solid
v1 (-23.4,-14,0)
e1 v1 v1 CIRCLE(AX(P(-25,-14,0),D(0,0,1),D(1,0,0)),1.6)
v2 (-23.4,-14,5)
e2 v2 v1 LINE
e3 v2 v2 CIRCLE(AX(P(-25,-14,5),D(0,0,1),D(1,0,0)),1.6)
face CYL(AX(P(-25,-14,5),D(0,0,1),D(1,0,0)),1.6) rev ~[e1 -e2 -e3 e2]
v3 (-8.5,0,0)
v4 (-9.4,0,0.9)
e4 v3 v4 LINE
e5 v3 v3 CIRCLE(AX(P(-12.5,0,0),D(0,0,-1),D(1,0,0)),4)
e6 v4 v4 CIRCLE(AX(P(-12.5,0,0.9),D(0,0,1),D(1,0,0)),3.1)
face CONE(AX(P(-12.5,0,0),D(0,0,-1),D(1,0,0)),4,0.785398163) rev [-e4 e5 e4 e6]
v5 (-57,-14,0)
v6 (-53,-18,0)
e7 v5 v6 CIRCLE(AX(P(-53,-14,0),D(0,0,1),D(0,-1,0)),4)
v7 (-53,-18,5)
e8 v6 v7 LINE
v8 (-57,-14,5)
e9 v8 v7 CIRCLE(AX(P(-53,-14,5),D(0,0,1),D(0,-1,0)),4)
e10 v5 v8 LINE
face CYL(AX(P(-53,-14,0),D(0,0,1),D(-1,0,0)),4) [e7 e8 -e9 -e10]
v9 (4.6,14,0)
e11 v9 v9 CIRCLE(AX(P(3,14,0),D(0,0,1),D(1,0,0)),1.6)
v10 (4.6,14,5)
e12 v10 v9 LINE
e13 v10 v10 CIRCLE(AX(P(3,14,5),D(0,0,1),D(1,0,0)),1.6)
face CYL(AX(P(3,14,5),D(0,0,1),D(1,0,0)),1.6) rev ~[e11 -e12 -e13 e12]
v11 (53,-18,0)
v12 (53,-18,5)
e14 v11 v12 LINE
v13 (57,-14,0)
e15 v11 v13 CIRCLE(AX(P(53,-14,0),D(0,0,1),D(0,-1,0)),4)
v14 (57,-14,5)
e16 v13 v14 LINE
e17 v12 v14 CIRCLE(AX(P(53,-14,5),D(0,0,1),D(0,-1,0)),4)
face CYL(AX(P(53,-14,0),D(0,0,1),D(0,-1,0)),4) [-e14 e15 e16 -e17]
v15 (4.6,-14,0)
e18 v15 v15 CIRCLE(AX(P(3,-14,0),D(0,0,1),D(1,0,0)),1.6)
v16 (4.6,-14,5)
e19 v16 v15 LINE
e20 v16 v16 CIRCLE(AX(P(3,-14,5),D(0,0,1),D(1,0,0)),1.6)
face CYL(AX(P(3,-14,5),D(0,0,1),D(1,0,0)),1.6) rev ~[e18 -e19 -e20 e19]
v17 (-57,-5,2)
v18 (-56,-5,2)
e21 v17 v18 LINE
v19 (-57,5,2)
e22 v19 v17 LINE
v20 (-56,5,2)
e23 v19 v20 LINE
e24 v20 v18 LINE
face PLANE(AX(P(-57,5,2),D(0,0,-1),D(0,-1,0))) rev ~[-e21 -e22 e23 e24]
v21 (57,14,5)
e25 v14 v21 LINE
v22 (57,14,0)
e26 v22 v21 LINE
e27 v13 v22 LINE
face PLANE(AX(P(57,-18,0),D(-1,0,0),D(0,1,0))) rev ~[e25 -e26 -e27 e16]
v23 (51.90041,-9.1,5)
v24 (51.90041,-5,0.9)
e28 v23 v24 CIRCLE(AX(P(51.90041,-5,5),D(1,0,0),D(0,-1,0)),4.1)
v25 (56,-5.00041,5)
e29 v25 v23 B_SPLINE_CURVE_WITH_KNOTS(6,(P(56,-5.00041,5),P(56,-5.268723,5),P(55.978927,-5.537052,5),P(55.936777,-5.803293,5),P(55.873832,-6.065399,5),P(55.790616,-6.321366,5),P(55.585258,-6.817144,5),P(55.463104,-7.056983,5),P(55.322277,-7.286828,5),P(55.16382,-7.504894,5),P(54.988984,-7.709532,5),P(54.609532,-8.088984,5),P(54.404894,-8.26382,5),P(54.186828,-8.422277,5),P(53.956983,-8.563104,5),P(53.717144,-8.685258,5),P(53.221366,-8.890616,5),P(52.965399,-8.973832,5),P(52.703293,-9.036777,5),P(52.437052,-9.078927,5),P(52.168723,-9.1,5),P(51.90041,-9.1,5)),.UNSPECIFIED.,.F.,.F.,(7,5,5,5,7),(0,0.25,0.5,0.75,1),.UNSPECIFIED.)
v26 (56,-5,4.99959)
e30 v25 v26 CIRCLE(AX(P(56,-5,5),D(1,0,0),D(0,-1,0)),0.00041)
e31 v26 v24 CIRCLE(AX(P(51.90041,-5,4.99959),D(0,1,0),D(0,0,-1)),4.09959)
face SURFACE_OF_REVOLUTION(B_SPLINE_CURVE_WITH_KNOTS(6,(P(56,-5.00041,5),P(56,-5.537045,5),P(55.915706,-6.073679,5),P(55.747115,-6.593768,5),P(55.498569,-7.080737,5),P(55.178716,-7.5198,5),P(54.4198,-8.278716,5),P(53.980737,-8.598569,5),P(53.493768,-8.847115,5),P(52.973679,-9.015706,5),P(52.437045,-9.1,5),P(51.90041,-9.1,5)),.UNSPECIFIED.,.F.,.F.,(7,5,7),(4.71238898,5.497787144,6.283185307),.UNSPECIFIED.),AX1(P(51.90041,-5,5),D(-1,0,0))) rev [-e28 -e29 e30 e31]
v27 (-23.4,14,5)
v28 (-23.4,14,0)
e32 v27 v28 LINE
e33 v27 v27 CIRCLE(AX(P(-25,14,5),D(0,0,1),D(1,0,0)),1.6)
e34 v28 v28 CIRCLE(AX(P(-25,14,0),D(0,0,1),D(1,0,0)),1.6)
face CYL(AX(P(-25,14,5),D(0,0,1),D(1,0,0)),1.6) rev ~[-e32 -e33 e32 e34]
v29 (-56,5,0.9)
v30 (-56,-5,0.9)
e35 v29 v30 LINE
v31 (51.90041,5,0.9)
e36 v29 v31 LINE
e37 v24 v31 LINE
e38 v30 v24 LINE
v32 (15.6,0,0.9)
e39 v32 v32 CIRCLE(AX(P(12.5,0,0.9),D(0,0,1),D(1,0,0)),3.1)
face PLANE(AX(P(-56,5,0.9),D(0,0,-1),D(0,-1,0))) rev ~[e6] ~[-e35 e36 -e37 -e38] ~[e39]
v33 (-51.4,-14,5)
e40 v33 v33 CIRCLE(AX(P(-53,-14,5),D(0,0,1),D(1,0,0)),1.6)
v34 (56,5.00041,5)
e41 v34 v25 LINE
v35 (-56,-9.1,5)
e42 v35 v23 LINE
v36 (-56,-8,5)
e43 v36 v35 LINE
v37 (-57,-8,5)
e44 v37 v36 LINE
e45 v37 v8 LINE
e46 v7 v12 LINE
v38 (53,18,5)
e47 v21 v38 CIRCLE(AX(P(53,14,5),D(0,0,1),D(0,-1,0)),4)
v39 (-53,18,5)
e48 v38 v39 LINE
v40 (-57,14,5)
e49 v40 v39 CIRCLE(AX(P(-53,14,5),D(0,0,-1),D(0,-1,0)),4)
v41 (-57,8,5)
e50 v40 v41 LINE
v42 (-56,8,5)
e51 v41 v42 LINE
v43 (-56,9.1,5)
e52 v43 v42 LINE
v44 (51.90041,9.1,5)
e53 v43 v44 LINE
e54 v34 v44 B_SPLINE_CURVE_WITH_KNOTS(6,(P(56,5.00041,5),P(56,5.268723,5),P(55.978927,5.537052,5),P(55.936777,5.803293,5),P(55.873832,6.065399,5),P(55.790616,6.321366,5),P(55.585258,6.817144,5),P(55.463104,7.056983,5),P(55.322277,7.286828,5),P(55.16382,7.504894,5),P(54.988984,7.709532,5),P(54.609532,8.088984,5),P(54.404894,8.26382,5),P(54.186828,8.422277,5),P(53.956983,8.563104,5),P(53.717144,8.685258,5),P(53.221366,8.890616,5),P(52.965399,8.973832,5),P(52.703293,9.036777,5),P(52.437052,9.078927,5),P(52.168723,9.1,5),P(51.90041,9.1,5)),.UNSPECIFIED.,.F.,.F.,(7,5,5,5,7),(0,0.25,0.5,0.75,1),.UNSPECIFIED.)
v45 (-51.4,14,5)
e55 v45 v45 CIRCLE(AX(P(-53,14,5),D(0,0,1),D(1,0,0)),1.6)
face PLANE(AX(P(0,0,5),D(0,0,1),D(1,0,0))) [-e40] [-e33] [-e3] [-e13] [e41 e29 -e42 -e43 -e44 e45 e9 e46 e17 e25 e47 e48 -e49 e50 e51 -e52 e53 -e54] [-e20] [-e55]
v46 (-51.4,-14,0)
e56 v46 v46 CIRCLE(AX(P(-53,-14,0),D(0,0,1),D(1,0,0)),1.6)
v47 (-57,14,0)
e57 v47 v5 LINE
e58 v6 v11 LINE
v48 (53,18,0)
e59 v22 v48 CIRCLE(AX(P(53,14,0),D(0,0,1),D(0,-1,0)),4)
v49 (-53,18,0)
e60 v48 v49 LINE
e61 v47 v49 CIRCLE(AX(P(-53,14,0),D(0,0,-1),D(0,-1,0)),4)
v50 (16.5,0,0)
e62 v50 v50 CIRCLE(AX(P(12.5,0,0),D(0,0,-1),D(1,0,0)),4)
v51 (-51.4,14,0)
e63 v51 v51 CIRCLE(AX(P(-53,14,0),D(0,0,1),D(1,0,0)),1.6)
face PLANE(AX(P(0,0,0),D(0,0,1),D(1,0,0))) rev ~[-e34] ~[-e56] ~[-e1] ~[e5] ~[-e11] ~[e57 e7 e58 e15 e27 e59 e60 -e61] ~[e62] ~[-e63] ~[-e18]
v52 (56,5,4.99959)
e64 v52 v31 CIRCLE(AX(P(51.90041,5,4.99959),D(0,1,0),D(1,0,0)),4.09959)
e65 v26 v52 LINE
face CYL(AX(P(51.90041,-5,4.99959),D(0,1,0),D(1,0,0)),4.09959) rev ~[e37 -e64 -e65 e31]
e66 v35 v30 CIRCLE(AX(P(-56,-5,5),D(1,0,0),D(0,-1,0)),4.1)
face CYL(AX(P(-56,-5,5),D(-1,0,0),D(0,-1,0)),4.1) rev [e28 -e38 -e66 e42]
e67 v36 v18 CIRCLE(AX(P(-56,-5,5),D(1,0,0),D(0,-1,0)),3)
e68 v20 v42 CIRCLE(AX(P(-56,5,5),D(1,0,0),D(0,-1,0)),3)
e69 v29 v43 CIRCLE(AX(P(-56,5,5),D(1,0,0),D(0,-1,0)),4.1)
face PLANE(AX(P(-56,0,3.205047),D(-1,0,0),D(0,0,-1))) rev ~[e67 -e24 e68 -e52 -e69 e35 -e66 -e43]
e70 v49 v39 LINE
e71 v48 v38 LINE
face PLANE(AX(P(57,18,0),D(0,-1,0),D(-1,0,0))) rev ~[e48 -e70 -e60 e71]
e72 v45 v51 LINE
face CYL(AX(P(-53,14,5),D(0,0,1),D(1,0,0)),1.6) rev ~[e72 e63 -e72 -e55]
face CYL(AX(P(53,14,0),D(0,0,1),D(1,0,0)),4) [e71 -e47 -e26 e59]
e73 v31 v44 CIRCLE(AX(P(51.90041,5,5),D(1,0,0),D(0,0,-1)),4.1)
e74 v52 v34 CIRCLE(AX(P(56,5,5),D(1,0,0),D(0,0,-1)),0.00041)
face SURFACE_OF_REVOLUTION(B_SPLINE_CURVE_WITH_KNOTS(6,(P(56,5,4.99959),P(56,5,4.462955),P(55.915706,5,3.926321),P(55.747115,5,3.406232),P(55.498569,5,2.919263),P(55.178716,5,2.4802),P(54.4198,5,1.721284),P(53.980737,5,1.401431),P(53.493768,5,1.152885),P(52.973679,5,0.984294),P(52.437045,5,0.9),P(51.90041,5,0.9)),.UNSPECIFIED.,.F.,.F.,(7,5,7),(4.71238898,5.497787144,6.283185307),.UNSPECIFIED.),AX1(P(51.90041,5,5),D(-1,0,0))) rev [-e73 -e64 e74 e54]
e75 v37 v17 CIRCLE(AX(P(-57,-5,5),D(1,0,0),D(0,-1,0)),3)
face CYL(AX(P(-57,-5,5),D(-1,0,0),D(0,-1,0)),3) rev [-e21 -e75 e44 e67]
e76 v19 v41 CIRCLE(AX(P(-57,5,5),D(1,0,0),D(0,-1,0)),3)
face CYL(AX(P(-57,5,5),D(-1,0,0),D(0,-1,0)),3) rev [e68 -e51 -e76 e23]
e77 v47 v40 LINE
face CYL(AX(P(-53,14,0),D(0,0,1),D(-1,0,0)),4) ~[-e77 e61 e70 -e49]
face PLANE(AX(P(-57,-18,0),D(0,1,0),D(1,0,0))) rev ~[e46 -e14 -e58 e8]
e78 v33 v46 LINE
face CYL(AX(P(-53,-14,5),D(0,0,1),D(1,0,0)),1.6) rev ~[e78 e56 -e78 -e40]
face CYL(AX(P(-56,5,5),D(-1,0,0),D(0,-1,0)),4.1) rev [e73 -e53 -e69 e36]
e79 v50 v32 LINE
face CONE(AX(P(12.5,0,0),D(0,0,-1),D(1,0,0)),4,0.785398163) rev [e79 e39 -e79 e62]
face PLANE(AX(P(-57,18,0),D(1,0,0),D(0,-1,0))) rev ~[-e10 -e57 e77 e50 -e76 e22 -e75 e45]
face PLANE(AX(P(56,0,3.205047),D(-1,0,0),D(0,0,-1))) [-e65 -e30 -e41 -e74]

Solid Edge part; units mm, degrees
sketch "Sketch1" plane through (0, 0, 0) normal (0, 0, 1) x (1, 0, 0)
  line L0 (57, -18) -> (57, 18)
  line L1 (57, 18) -> (-57, 18)
  line L2 (-57, 18) -> (-57, -18)
  line L3 (-57, -18) -> (57, -18)
extrude "Protrusion1" add sketch "Sketch1" along normal blind 5
sketch "Sketch2" plane through (-57, 0, 2.5) normal (-1, 0, 0) x (0, -1, 0)
  line L0 (-5, -0.5) -> (5, -0.5)
  line L1 (-8, 2.5) -> (8, 2.5)
  arc A0 (8, 2.5) -> (5, -0.5) centre (5, 2.5) cw
  arc A1 (-5, -0.5) -> (-8, 2.5) centre (-5, 2.5) cw
extrude "VaciadoExtruido_2" cut sketch "Sketch2" against normal blind 1
sketch "Sketch3" plane through (-56, 0, 2.5) normal (-1, 0, 0) x (0, -1, 0)
  line L0 (-5, -1.6) -> (5, -1.6)
  line L1 (-9.1, 2.5) -> (9.1, 2.5)
  arc A0 (9.1, 2.5) -> (5, -1.6) centre (5, 2.5) cw
  arc A1 (-5, -1.6) -> (-9.1, 2.5) centre (-5, 2.5) cw
extrude "VaciadoExtruido_3" cut sketch "Sketch3" against normal blind 112
fillet "Redondeo_3" radius 4.1 3 edges at (56, 7.8991, 2.1009) (56, -7.8991, 2.1009) (56, 0, 0.9)
sketch "Sketch4" plane through (0, 0, 5) normal (0, 0, 1) x (1, 0, 0)
  circle A0 centre (-53, 14) radius 1.6
extrude "Cutout1" cut sketch "Sketch4" against normal through all
pattern_linear "Pattern1" count 3 spacing 28 along (1, 0, 0) count 2 spacing 28 along (0, -1, 0) of "Cutout1"
fillet "Redondeo_4" radius 4 4 edges at (-57, 18, 2.5) (-57, -18, 2.5) (57, 18, 2.5) (57, -18, 2.5)
sketch "Sketch5" plane through (0, 0, 0) normal (0, 0, -1) x (1, 0, 0)
  circle A0 centre (12.5, 0) radius 3
  circle A1 centre (-12.5, 0) radius 3
  dimension "D1" = 25
  dimension "D2" = 12.5
extrude "Cutout2" cut sketch "Sketch5" against normal through all
chamfer "Chaflán_1" distance 1 angle 45 2 edges at (-15.5, 0, 0) (9.5, 0, 0)
